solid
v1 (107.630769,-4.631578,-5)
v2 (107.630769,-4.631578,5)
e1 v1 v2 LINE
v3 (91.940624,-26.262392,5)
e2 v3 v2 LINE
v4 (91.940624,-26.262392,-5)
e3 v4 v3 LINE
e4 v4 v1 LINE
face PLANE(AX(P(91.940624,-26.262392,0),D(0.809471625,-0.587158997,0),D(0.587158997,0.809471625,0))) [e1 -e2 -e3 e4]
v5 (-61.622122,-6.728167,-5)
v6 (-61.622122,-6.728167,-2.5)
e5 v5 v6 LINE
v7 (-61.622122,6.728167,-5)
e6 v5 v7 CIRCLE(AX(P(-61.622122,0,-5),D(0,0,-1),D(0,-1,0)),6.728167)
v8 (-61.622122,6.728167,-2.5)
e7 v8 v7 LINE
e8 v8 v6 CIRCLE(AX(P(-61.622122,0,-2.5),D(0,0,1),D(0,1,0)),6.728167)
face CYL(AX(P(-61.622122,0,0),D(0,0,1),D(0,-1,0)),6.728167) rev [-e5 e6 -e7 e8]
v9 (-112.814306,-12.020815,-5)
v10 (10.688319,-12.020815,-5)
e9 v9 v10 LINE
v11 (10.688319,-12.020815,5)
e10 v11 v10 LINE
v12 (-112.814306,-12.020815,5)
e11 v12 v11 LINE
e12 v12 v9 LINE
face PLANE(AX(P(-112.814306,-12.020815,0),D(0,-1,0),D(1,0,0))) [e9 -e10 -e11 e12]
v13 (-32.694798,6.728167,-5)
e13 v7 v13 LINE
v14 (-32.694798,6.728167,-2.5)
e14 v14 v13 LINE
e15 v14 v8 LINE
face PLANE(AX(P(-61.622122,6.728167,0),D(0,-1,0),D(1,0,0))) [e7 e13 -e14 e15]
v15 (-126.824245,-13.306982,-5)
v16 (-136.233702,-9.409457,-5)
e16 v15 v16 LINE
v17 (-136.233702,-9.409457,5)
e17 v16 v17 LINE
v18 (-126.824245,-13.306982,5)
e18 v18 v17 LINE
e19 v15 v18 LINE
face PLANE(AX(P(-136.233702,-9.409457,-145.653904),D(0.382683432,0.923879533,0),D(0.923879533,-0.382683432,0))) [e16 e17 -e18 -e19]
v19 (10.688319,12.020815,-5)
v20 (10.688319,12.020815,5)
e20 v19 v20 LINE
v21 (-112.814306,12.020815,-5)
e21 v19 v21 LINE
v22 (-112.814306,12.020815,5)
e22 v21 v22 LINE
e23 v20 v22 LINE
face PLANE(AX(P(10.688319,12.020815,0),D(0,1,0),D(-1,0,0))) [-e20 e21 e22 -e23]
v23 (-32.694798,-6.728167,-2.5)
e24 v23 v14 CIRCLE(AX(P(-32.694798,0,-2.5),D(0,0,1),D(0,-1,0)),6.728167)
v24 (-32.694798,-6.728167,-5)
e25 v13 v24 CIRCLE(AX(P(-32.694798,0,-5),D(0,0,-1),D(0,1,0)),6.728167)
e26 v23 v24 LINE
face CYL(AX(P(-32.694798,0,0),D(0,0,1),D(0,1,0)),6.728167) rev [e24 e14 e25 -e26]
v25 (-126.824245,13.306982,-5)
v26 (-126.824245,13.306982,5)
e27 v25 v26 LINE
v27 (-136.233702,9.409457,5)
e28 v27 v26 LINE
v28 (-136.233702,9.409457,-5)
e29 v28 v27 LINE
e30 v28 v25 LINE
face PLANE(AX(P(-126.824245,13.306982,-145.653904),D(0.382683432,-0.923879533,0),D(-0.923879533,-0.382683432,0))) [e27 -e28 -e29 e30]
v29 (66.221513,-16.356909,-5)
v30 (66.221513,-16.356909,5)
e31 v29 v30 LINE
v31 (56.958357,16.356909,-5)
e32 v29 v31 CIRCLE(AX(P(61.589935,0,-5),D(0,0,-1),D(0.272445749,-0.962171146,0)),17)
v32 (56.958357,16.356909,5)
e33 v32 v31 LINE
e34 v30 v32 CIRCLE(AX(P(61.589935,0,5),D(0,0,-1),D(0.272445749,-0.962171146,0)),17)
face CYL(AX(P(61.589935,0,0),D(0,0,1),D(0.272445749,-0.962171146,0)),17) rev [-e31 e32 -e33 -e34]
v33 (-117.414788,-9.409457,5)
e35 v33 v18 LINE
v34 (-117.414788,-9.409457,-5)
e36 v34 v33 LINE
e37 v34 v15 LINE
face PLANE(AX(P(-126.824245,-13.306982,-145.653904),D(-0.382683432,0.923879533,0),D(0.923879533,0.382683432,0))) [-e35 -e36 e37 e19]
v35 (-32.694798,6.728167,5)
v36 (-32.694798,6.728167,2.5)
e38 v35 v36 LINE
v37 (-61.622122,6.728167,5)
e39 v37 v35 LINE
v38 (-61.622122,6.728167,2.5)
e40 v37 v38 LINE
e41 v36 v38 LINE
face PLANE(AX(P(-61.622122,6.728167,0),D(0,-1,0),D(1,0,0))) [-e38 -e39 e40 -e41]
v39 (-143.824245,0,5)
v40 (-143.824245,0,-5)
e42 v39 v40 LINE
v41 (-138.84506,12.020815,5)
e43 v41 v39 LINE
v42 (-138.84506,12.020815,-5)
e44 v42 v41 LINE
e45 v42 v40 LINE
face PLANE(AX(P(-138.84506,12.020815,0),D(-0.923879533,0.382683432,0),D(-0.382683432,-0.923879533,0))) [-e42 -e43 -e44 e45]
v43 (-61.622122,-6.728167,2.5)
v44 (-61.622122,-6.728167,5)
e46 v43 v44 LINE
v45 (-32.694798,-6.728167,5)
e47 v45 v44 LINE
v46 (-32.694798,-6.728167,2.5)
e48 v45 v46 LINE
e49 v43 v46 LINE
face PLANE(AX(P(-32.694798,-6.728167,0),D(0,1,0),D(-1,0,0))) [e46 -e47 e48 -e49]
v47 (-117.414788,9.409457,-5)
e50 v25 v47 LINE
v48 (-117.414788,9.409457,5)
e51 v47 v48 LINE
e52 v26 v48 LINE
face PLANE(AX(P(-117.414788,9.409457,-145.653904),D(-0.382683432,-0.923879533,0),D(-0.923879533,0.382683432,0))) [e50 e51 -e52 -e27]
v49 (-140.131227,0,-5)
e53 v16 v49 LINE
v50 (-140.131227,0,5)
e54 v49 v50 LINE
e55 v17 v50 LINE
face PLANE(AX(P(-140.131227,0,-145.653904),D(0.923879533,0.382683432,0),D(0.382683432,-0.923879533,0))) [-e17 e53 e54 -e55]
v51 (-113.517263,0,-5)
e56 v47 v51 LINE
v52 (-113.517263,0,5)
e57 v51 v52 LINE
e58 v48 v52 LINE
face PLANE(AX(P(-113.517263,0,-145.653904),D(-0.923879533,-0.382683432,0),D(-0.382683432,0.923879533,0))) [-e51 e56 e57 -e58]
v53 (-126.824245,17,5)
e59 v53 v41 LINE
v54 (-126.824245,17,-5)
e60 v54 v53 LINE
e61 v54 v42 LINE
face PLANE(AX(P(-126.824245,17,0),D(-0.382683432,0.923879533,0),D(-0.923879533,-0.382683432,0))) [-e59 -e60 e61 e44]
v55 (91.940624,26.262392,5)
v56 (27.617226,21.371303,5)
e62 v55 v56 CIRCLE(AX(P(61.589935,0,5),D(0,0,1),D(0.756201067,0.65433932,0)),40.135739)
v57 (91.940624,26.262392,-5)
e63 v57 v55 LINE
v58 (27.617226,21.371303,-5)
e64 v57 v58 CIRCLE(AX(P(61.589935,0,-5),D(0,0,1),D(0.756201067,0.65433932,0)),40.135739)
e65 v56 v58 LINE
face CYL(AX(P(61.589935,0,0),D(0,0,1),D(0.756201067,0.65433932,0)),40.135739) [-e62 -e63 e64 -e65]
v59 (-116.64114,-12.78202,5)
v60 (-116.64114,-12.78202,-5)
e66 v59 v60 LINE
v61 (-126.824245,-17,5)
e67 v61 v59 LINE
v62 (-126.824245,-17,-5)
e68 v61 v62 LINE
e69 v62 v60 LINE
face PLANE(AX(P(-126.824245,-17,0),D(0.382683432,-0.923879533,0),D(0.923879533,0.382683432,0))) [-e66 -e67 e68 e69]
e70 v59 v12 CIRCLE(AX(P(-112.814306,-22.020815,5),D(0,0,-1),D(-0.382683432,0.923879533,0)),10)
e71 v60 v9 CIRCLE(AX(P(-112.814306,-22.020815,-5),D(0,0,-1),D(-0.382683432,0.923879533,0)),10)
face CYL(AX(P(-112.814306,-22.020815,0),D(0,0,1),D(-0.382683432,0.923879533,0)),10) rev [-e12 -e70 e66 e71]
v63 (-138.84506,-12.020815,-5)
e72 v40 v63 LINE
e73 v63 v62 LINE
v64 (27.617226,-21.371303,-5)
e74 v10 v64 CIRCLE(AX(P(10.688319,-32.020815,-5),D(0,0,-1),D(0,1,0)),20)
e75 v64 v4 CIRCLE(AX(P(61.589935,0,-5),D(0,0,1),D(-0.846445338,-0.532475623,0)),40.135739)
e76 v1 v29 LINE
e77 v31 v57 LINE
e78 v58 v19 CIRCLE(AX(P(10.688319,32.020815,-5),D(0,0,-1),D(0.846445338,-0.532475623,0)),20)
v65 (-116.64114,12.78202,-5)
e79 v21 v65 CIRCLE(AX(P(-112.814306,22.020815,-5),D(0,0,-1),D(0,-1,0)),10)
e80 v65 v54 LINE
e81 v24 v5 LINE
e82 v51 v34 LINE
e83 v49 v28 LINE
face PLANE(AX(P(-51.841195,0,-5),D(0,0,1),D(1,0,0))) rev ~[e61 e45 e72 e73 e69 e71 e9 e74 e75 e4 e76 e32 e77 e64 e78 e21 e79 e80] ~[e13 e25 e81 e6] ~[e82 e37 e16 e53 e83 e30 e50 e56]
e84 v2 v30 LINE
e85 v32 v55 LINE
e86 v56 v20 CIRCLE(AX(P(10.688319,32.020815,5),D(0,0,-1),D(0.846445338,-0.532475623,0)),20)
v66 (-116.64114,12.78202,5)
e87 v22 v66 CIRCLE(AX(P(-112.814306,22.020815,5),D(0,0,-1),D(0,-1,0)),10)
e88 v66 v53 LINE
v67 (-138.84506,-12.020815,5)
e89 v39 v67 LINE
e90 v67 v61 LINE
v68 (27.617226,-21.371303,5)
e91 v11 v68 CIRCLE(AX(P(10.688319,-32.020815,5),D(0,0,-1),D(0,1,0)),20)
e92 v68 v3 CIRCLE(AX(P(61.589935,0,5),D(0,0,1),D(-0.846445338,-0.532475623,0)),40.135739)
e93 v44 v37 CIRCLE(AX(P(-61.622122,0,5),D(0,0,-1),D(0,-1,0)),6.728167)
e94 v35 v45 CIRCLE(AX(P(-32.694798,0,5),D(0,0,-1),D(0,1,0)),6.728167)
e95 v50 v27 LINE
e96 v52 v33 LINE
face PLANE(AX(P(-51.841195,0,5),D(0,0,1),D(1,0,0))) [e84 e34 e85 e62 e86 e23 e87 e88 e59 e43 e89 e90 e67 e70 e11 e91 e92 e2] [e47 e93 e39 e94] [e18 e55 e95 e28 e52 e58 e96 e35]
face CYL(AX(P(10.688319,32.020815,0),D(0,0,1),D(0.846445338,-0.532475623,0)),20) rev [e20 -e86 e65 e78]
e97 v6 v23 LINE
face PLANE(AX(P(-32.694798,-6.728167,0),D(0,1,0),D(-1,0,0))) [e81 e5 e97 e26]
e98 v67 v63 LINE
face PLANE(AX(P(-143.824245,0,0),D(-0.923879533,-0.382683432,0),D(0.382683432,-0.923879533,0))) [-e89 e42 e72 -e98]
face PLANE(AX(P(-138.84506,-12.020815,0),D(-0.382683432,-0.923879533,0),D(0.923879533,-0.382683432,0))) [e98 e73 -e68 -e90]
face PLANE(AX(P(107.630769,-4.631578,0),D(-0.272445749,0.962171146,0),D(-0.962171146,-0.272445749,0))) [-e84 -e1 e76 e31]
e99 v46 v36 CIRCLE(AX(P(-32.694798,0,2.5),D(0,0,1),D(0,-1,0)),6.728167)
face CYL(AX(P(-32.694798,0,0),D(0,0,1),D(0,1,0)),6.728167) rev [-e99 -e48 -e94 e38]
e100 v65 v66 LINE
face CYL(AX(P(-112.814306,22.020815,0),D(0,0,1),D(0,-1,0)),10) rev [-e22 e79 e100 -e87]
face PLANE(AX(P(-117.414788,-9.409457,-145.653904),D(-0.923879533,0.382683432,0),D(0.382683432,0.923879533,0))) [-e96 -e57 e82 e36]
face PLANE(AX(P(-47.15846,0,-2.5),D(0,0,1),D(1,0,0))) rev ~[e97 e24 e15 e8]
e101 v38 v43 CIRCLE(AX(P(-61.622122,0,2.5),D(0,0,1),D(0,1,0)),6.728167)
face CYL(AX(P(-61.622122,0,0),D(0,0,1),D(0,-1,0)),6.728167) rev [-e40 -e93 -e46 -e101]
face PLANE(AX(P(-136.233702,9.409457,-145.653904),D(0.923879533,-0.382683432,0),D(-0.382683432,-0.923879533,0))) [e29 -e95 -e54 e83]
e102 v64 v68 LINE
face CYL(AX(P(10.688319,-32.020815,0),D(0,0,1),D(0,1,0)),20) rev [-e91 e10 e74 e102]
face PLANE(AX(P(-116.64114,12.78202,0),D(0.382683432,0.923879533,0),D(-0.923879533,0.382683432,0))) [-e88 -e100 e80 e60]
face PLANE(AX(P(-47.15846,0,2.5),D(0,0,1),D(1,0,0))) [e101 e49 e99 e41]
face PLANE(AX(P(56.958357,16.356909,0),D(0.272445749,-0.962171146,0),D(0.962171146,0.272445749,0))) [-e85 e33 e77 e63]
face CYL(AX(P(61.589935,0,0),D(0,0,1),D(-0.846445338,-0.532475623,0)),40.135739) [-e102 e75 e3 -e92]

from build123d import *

# Parameters (mm, degrees)
BOSS_EXTRUDE1_DEPTH     = 5
BOSS_EXTRUDE2_DEPTH     = 2.5
CUT_EXTRUDE1_DEPTH      = 150.653904127
CUT_EXTRUDE1_DEPTH_BACK = 150.653904127


with BuildPart() as part:
    # Sketch1 → Boss-Extrude1 (new, symmetric)
    with BuildSketch(Plane.XY):
        with BuildLine():
            Line((56.958357345, 16.35690948), (91.94062397, 26.262392372))
            ThreePointArc((91.94062397, 26.262392372), (58.546836742, 40.020208922), (27.617225647, 21.371302811))
            ThreePointArc((27.617225647, 21.371302811), (20.358110781, 14.513813118), (10.688318885, 12.02081528))
            Line((10.688318885, 12.02081528), (-112.81430605, 12.02081528))
            ThreePointArc((-112.81430605, 12.02081528), (-114.76520927, 12.212962476), (-116.641140374, 12.782019955))
            Line((-116.641140374, 12.782019955), (-126.824245004, 17))
            Line((-126.824245004, 17), (-138.845060284, 12.02081528))
            Line((-138.845060284, 12.02081528), (-143.824245004, 0))
            Line((-143.824245004, 0), (-138.845060284, -12.02081528))
            Line((-138.845060284, -12.02081528), (-126.824245004, -17))
            Line((-126.824245004, -17), (-116.641140374, -12.782019955))
            ThreePointArc((-116.641140374, -12.782019955), (-114.76520927, -12.212962476), (-112.81430605, -12.02081528))
            Line((-112.81430605, -12.02081528), (10.688318885, -12.02081528))
            ThreePointArc((10.688318885, -12.02081528), (20.358110781, -14.513813118), (27.617225647, -21.371302811))
            ThreePointArc((27.617225647, -21.371302811), (58.546836742, -40.020208922), (91.94062397, -26.262392372))
            Line((91.94062397, -26.262392372), (107.630769277, -4.631577729))
            Line((107.630769277, -4.631577729), (66.221512803, -16.35690948))
            ThreePointArc((66.221512803, -16.35690948), (45.233025594, -4.631577729), (56.958357345, 16.35690948))
        make_face()
        with BuildLine():
            ThreePointArc((-61.622122108, -6.728166576), (-68.350288684, 0), (-61.622122108, 6.728166576))
            Line((-61.622122108, 6.728166576), (-32.694798011, 6.728166576))
            ThreePointArc((-32.694798011, 6.728166576), (-25.966631435, 0), (-32.694798011, -6.728166576))
            Line((-32.694798011, -6.728166576), (-61.622122108, -6.728166576))
        make_face(mode=Mode.SUBTRACT)
    extrude(amount=BOSS_EXTRUDE1_DEPTH, both=True)

    # Sketch1<3> → Boss-Extrude2 (add, symmetric)
    with BuildSketch(Plane.XY):
        with BuildLine():
            Line((-32.694798011, 6.728166576), (-61.622122108, 6.728166576))
            ThreePointArc((-61.622122108, 6.728166576), (-68.350288684, 0), (-61.622122108, -6.728166576))
            Line((-61.622122108, -6.728166576), (-32.694798011, -6.728166576))
            ThreePointArc((-32.694798011, -6.728166576), (-25.966631435, 0), (-32.694798011, 6.728166576))
        make_face()
    extrude(amount=BOSS_EXTRUDE2_DEPTH, both=True)

    # Sketch2 → Cut-Extrude1 (cut, two sides: drawn at the far end of the back side and taken through both)
    with BuildSketch(Plane.XY.offset(5).offset(-CUT_EXTRUDE1_DEPTH_BACK)):
        Polygon((-126.824245004, 13.306981608), (-136.233701936, 9.409456932), (-140.131226612, 0), (-136.233701936, -9.409456932), (-126.824245004, -13.306981608), (-117.414788072, -9.409456932), (-113.517263396, 0), (-117.414788072, 9.409456932), align=None)
    extrude(amount=CUT_EXTRUDE1_DEPTH + CUT_EXTRUDE1_DEPTH_BACK, mode=Mode.SUBTRACT)


solid = part.part
